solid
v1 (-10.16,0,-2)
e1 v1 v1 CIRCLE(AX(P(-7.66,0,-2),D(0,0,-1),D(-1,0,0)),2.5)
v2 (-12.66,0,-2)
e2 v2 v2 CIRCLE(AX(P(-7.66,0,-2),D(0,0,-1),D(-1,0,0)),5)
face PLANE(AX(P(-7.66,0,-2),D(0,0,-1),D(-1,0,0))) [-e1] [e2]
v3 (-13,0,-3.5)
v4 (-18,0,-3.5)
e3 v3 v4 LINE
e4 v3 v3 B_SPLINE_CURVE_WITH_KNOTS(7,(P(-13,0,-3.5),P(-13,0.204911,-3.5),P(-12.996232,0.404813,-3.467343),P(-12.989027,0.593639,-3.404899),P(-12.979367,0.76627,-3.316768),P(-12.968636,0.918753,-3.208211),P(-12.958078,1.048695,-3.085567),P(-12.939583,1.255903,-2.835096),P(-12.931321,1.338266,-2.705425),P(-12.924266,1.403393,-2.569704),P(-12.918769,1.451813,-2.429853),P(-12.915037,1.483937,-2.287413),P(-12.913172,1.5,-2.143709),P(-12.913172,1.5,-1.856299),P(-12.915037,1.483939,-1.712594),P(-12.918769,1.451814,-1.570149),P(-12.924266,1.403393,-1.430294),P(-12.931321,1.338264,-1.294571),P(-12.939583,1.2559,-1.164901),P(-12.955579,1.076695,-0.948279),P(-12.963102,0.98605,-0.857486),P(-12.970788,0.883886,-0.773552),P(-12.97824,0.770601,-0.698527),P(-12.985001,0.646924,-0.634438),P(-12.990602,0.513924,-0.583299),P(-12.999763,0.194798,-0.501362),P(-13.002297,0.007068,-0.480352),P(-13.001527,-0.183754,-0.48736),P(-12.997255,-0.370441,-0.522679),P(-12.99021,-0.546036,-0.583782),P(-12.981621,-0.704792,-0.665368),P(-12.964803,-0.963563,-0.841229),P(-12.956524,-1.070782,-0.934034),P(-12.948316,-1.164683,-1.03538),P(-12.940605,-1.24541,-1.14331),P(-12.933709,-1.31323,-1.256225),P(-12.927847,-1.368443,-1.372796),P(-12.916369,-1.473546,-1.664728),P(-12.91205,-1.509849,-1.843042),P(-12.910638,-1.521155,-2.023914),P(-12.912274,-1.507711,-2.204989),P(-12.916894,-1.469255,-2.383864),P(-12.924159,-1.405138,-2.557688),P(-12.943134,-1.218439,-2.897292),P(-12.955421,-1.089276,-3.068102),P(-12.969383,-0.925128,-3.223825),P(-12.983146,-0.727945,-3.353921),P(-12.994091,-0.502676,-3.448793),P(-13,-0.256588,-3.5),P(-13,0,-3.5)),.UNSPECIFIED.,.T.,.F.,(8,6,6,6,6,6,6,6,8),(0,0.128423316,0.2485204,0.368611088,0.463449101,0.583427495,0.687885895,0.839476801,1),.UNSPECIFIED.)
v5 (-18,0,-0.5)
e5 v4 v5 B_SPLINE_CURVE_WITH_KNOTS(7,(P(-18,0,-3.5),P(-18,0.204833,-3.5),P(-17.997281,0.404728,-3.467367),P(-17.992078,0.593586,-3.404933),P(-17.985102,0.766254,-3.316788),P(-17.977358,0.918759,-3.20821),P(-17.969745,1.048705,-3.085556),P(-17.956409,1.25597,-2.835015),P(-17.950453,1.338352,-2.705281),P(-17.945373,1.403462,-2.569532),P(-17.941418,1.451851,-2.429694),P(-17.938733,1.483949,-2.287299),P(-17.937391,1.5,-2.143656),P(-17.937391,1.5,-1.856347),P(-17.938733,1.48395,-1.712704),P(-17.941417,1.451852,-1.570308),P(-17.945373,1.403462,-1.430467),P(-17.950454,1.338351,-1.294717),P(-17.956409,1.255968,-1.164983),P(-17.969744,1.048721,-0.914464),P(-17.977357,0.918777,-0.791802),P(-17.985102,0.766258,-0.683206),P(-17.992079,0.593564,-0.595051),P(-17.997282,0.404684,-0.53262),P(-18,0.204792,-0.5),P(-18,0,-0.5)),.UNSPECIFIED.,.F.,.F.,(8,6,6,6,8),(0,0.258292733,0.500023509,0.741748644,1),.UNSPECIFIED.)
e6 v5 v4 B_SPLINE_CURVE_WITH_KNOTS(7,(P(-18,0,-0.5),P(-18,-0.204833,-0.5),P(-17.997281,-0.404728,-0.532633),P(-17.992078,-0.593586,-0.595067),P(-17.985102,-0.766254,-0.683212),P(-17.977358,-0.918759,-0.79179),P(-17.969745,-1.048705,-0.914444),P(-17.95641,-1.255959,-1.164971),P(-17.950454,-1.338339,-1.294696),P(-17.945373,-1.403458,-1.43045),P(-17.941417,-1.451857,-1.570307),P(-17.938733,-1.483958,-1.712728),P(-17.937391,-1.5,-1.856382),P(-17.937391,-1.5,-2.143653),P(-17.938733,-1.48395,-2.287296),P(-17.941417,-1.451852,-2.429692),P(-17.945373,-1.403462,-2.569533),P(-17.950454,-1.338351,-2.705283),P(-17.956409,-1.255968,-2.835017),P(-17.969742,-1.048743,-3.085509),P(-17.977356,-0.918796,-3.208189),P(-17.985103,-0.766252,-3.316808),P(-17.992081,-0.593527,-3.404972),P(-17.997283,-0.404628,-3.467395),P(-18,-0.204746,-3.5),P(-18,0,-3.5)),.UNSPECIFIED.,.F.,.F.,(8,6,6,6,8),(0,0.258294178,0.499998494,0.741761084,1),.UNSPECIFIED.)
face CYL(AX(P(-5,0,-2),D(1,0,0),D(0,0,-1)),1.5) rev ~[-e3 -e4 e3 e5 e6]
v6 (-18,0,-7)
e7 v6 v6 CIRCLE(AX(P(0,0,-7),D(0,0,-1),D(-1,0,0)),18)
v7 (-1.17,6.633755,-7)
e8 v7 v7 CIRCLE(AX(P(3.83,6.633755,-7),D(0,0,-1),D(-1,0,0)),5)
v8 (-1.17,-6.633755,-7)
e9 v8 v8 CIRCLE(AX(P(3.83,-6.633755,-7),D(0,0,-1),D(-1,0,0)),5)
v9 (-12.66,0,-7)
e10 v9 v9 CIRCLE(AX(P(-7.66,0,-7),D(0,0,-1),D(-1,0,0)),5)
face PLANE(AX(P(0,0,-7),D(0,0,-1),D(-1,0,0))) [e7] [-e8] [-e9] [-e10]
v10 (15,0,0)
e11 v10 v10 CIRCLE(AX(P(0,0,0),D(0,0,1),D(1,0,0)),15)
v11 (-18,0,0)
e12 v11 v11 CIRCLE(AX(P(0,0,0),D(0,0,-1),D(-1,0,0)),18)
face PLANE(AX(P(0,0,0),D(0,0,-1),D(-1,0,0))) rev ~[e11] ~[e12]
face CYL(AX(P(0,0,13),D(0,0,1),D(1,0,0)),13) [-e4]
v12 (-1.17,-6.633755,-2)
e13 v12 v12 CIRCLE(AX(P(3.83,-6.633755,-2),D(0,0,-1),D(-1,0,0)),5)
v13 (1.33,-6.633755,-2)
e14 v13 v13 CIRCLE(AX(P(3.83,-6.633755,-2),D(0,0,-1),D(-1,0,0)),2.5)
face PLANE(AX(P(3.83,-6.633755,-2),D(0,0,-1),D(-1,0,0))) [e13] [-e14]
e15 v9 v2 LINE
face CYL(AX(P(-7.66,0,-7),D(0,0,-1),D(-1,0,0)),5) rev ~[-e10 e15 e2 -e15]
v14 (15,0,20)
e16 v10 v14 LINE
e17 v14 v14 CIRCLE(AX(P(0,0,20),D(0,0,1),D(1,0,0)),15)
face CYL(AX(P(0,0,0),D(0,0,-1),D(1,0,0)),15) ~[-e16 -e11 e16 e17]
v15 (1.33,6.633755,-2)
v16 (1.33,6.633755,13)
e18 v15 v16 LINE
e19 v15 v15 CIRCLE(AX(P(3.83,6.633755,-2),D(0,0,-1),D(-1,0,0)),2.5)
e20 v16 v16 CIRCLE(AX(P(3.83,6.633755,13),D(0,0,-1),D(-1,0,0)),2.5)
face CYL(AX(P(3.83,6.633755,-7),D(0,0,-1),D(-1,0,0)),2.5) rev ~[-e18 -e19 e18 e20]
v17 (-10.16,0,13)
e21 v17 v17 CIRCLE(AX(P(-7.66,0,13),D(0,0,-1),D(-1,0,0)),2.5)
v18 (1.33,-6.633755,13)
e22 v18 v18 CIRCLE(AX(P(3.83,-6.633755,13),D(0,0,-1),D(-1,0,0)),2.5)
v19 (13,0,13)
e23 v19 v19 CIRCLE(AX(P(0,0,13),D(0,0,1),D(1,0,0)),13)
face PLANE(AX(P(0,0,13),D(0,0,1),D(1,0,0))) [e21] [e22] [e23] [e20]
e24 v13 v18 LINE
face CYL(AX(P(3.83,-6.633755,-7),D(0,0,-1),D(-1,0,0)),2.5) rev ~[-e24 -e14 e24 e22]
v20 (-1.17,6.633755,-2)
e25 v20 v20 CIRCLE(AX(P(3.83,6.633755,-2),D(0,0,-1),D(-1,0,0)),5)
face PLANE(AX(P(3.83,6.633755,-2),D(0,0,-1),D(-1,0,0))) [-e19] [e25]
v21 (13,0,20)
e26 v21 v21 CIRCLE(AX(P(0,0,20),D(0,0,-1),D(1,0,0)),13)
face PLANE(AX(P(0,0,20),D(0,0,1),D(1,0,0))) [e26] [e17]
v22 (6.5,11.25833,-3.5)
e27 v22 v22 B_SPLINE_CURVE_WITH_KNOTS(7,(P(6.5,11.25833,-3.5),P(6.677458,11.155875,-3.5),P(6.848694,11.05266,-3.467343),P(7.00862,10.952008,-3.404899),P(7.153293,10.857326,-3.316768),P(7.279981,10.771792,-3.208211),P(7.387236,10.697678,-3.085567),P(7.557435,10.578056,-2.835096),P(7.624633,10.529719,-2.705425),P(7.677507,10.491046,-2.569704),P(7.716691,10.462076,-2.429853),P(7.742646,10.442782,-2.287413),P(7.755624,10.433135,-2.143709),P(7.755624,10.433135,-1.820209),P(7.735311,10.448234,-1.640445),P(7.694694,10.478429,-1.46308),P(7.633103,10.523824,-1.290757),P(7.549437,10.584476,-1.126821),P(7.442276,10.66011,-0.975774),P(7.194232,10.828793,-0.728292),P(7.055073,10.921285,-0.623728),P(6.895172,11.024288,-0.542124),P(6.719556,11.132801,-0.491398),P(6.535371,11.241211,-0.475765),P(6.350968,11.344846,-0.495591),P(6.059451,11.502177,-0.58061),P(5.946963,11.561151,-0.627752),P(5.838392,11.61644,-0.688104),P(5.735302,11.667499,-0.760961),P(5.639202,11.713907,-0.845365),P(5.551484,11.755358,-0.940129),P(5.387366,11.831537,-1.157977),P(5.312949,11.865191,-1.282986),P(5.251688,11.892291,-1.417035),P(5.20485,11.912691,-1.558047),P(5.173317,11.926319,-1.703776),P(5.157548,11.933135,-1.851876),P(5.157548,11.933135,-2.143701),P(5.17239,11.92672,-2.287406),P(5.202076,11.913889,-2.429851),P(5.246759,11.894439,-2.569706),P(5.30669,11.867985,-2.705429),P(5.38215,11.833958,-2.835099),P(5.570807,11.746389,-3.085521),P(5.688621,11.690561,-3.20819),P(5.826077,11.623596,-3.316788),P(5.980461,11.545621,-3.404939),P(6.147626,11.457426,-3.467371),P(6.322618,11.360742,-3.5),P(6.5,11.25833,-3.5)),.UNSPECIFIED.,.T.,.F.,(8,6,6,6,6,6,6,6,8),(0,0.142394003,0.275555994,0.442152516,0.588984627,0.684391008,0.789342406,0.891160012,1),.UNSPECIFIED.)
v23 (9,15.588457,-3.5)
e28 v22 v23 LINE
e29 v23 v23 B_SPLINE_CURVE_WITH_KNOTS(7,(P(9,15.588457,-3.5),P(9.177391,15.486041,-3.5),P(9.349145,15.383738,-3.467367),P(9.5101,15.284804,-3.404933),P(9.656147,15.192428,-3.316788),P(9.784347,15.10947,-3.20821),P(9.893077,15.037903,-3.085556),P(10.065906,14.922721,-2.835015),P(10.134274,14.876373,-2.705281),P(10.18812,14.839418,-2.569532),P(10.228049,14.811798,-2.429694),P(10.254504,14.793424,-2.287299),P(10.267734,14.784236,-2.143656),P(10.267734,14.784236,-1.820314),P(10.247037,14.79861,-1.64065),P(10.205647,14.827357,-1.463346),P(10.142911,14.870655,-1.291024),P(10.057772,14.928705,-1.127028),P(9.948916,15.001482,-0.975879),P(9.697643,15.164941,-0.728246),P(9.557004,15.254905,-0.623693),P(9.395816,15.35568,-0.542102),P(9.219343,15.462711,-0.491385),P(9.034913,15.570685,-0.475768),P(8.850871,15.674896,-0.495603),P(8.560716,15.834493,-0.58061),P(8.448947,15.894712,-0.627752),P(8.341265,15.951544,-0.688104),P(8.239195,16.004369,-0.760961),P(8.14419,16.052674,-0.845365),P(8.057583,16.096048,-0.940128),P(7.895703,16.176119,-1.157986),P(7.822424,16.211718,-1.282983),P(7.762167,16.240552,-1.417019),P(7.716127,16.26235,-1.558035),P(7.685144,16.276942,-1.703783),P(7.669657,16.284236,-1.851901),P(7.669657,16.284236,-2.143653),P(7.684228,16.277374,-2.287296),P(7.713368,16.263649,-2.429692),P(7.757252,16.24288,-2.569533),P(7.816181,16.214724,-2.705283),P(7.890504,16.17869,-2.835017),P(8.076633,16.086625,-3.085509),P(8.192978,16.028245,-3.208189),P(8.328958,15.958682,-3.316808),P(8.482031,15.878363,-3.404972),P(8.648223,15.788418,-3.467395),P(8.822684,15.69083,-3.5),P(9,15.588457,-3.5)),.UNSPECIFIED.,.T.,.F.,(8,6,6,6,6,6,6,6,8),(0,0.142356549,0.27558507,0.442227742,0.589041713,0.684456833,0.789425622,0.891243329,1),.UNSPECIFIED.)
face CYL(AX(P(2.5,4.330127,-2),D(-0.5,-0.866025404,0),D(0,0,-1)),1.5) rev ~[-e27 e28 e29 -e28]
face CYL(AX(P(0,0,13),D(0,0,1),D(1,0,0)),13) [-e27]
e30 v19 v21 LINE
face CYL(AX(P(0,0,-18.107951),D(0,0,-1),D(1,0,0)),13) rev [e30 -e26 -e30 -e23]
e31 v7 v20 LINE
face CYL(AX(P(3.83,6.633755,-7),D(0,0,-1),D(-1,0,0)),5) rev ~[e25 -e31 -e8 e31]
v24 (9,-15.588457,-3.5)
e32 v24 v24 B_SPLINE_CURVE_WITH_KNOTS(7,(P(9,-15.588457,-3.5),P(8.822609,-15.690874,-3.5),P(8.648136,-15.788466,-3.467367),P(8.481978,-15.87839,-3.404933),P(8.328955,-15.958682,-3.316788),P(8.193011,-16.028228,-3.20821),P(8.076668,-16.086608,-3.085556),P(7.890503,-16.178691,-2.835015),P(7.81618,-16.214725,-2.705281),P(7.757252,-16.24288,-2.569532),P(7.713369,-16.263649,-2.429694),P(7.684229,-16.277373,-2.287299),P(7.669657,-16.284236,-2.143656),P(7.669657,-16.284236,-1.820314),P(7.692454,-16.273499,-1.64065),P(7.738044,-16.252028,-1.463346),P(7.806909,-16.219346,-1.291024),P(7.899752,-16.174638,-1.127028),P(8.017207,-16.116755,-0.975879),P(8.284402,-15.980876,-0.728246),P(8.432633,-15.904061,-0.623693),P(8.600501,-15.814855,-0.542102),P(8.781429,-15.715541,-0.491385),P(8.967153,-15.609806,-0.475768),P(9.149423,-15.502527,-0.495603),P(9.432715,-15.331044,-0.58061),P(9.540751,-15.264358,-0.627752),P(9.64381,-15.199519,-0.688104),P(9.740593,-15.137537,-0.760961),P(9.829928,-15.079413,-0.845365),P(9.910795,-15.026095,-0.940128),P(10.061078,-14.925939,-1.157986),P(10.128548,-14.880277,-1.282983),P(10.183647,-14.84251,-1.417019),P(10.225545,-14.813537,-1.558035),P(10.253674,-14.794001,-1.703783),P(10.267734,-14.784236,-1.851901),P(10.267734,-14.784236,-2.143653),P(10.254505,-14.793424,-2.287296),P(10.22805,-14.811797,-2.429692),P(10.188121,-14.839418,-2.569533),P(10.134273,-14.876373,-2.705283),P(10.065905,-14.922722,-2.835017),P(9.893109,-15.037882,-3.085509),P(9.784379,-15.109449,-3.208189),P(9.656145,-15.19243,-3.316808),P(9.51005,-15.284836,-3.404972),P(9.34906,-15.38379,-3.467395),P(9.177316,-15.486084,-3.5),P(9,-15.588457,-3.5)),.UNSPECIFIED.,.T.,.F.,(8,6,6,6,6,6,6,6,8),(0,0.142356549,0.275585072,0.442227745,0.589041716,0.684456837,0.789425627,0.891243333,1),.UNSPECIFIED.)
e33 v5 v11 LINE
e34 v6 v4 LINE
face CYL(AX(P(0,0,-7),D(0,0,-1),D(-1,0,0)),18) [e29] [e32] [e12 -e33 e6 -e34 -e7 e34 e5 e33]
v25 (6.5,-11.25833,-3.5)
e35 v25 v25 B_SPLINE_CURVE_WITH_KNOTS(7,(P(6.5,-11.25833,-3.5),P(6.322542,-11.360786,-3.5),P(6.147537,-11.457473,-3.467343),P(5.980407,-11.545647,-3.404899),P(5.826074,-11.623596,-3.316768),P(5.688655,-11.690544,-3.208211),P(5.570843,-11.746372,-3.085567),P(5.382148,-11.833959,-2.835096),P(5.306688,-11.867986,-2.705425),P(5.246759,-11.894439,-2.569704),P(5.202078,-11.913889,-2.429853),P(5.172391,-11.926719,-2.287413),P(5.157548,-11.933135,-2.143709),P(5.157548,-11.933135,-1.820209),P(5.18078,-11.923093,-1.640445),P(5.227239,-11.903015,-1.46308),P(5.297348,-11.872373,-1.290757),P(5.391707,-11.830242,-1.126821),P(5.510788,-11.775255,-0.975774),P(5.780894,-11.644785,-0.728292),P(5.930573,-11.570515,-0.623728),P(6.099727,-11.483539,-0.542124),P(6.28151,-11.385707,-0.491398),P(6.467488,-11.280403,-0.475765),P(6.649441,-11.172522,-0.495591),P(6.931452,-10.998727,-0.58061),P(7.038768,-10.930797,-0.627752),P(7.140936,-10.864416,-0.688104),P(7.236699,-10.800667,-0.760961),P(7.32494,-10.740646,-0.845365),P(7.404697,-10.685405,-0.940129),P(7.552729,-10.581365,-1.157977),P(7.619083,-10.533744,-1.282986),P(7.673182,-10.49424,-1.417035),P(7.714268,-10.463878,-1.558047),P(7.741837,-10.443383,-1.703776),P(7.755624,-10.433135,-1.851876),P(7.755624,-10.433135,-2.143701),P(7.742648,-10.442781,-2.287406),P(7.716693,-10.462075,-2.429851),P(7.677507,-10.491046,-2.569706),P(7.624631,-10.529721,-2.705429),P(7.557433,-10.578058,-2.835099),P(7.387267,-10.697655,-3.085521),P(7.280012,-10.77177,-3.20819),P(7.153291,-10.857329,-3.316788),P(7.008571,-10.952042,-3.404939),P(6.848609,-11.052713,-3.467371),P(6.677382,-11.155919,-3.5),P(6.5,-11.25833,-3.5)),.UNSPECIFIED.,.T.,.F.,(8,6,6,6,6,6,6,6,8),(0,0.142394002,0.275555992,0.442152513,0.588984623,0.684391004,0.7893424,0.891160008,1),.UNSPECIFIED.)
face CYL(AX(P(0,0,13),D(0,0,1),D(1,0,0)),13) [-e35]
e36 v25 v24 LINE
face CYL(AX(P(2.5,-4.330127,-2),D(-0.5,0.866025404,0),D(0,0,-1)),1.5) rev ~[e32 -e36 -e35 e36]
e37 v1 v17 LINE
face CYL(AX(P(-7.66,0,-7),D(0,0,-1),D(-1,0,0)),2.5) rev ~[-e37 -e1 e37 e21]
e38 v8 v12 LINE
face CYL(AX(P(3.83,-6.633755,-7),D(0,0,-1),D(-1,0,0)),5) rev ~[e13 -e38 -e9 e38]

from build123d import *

# Parameters (mm, degrees)
SKETCH1_R                = 15
BOSS_EXTRUDE1_DEPTH      = 20
SKETCH2_R                = 10.95
BOSS_EXTRUDE2_DEPTH      = 3.5
SKETCH4_R                = 3.05
CUT_EXTRUDE1_DEPTH       = 4.1
SKETCH5_R                = 1.5
CUT_EXTRUDE2_DEPTH       = 4
SKETCH7_R                = 10.95
SKETCH7_R_2              = 3
BOSS_EXTRUDE3_DEPTH      = 11
SKETCH9_R                = 1.5
CUT_EXTRUDE4_DEPTH       = 41.5
BOSS_EXTRUDE4_START      = 7
SKETCH12_R               = 18
SKETCH12_R_2             = 3.25
SKETCH12_R_3             = 3.05
BOSS_EXTRUDE4_DEPTH      = 7
CUT_EXTRUDE9_START       = -5
SKETCH13_R               = 1.5
CUT_EXTRUDE9_DEPTH       = 17
CIRPATTERN1_COUNT        = 3
CUT_EXTRUDE12_DEPTH      = 15
CUT_EXTRUDE12_DEPTH_BACK = 38.1079508
SKETCH15_R               = 13
SKETCH15_R_2             = 10.95
BOSS_EXTRUDE6_START      = 13
SKETCH17_R               = 13
BOSS_EXTRUDE6_DEPTH      = 20
SKETCH19_R               = 2.5
CUT_EXTRUDE13_DEPTH      = 38.107950728
SKETCH20_R               = 5
SKETCH20_R_2             = 2.5
CUT_EXTRUDE14_DEPTH      = 5


with BuildPart() as part:
    # Sketch1 → Boss-Extrude1 (new body)
    with BuildSketch(Plane.XY):
        Circle(SKETCH1_R)
    extrude(amount=BOSS_EXTRUDE1_DEPTH)

    # Sketch2 → Boss-Extrude2 (add)
    with BuildSketch(Plane.XY.offset(20)):
        Circle(SKETCH2_R)
    extrude(amount=BOSS_EXTRUDE2_DEPTH)

    # Sketch4 → Cut-Extrude1 (cut)
    with BuildSketch(Plane(origin=(0, 0, 0), x_dir=(-1, 0, 0), z_dir=(0, 0, -1))):
        Circle(SKETCH4_R)
    extrude(amount=-CUT_EXTRUDE1_DEPTH, mode=Mode.SUBTRACT)

    # Sketch5 → Cut-Extrude2 (cut)
    with BuildSketch(Plane(origin=(0, 0, 4.1), x_dir=(-1, 0, 0), z_dir=(0, 0, -1))):
        Circle(SKETCH5_R)
    extrude(amount=-CUT_EXTRUDE2_DEPTH, mode=Mode.SUBTRACT)

    # Sketch7 → Boss-Extrude3 (add)
    with BuildSketch(Plane.XY.offset(23.5)):
        Circle(SKETCH7_R)
        Circle(SKETCH7_R_2, mode=Mode.SUBTRACT)
    extrude(amount=BOSS_EXTRUDE3_DEPTH)

    # Sketch9 → Cut-Extrude4 (cut, through all)
    with BuildSketch(Plane.XY.offset(34.5)):
        with Locations((7, 0)):
            Circle(SKETCH9_R)
        with Locations((-3.5, -6.062177826)):
            Circle(SKETCH9_R)
        with Locations((-3.5, 6.062177826)):
            Circle(SKETCH9_R)
    extrude(amount=-CUT_EXTRUDE4_DEPTH, mode=Mode.SUBTRACT)

    # Sketch12 → Boss-Extrude4 (add)
    with BuildSketch(Plane(origin=(0, 0, 0), x_dir=(-1, 0, 0), z_dir=(0, 0, -1)).offset(BOSS_EXTRUDE4_START)):
        Circle(SKETCH12_R)
        with Locations((3.5, 6.062177826)):
            Circle(SKETCH12_R_2, mode=Mode.SUBTRACT)
        with Locations((3.5, -6.062177826)):
            Circle(SKETCH12_R_2, mode=Mode.SUBTRACT)
        with Locations((-7, 0)):
            Circle(SKETCH12_R_2, mode=Mode.SUBTRACT)
        Circle(SKETCH12_R_3, mode=Mode.SUBTRACT)
    extrude(amount=-BOSS_EXTRUDE4_DEPTH)

    # Sketch13 → Cut-Extrude9 (cut)
    with BuildSketch(Plane(origin=(0, 0, 0), x_dir=(0, 0, -1), z_dir=(1, 0, 0)).offset(CUT_EXTRUDE9_START)):
        with Locations((2, 0)):
            Circle(SKETCH13_R)
    cut_extrude9 = extrude(amount=-CUT_EXTRUDE9_DEPTH, mode=Mode.SUBTRACT)

    # CirPattern1: Cut-Extrude9 ×3 about axis
    cirpattern1_axis = Axis((0, 0, 0), (0, 0, 1))
    for i in range(1, CIRPATTERN1_COUNT):
        add(cut_extrude9.rotate(cirpattern1_axis, i * 360 / CIRPATTERN1_COUNT), mode=Mode.SUBTRACT)

    # Sketch15 → Cut-Extrude12 (cut, two sides: drawn at the far end of the back side and taken through both)
    # profile 1 of 2: a face of its own
    with BuildSketch(Plane.XY.offset(20).offset(-CUT_EXTRUDE12_DEPTH_BACK)):
        Circle(SKETCH15_R)
        Circle(SKETCH15_R_2, mode=Mode.SUBTRACT)
    # profile 2 of 2: a face of its own
    with BuildSketch(Plane.XY.offset(20).offset(-CUT_EXTRUDE12_DEPTH_BACK)):
        Circle(SKETCH15_R_2)
    extrude(amount=CUT_EXTRUDE12_DEPTH + CUT_EXTRUDE12_DEPTH_BACK, mode=Mode.SUBTRACT)

    # Sketch17 → Boss-Extrude6 (add)
    with BuildSketch(Plane.XY.offset(BOSS_EXTRUDE6_START)):
        Circle(SKETCH17_R)
    extrude(amount=-BOSS_EXTRUDE6_DEPTH)

    # Sketch19 → Cut-Extrude13 (cut, through all)
    with BuildSketch(Plane(origin=(0, 0, -7), x_dir=(-1, 0, 0), z_dir=(0, 0, -1))):
        with Locations((7.66, 0)):
            Circle(SKETCH19_R)
        with Locations((-3.83, -6.633754593)):
            Circle(SKETCH19_R)
        with Locations((-3.83, 6.633754593)):
            Circle(SKETCH19_R)
    extrude(amount=-CUT_EXTRUDE13_DEPTH, mode=Mode.SUBTRACT)

    # Sketch20 → Cut-Extrude14 (cut)
    # profile 1 of 3: a face of its own
    with BuildSketch(Plane(origin=(0, 0, -7), x_dir=(-1, 0, 0), z_dir=(0, 0, -1))):
        with Locations((7.66, 0)):
            Circle(SKETCH20_R)
        with Locations((7.66, 0)):
            Circle(SKETCH20_R_2, mode=Mode.SUBTRACT)
    # profile 2 of 3: a face of its own
    with BuildSketch(Plane(origin=(0, 0, -7), x_dir=(-1, 0, 0), z_dir=(0, 0, -1))):
        with Locations((-3.83, 6.633754593)):
            Circle(SKETCH20_R)
        with Locations((-3.83, 6.633754593)):
            Circle(SKETCH20_R_2, mode=Mode.SUBTRACT)
    # profile 3 of 3: a face of its own
    with BuildSketch(Plane(origin=(0, 0, -7), x_dir=(-1, 0, 0), z_dir=(0, 0, -1))):
        with Locations((-3.83, -6.633754593)):
            Circle(SKETCH20_R)
        with Locations((-3.83, -6.633754593)):
            Circle(SKETCH20_R_2, mode=Mode.SUBTRACT)
    extrude(amount=-CUT_EXTRUDE14_DEPTH, mode=Mode.SUBTRACT)


solid = part.part
